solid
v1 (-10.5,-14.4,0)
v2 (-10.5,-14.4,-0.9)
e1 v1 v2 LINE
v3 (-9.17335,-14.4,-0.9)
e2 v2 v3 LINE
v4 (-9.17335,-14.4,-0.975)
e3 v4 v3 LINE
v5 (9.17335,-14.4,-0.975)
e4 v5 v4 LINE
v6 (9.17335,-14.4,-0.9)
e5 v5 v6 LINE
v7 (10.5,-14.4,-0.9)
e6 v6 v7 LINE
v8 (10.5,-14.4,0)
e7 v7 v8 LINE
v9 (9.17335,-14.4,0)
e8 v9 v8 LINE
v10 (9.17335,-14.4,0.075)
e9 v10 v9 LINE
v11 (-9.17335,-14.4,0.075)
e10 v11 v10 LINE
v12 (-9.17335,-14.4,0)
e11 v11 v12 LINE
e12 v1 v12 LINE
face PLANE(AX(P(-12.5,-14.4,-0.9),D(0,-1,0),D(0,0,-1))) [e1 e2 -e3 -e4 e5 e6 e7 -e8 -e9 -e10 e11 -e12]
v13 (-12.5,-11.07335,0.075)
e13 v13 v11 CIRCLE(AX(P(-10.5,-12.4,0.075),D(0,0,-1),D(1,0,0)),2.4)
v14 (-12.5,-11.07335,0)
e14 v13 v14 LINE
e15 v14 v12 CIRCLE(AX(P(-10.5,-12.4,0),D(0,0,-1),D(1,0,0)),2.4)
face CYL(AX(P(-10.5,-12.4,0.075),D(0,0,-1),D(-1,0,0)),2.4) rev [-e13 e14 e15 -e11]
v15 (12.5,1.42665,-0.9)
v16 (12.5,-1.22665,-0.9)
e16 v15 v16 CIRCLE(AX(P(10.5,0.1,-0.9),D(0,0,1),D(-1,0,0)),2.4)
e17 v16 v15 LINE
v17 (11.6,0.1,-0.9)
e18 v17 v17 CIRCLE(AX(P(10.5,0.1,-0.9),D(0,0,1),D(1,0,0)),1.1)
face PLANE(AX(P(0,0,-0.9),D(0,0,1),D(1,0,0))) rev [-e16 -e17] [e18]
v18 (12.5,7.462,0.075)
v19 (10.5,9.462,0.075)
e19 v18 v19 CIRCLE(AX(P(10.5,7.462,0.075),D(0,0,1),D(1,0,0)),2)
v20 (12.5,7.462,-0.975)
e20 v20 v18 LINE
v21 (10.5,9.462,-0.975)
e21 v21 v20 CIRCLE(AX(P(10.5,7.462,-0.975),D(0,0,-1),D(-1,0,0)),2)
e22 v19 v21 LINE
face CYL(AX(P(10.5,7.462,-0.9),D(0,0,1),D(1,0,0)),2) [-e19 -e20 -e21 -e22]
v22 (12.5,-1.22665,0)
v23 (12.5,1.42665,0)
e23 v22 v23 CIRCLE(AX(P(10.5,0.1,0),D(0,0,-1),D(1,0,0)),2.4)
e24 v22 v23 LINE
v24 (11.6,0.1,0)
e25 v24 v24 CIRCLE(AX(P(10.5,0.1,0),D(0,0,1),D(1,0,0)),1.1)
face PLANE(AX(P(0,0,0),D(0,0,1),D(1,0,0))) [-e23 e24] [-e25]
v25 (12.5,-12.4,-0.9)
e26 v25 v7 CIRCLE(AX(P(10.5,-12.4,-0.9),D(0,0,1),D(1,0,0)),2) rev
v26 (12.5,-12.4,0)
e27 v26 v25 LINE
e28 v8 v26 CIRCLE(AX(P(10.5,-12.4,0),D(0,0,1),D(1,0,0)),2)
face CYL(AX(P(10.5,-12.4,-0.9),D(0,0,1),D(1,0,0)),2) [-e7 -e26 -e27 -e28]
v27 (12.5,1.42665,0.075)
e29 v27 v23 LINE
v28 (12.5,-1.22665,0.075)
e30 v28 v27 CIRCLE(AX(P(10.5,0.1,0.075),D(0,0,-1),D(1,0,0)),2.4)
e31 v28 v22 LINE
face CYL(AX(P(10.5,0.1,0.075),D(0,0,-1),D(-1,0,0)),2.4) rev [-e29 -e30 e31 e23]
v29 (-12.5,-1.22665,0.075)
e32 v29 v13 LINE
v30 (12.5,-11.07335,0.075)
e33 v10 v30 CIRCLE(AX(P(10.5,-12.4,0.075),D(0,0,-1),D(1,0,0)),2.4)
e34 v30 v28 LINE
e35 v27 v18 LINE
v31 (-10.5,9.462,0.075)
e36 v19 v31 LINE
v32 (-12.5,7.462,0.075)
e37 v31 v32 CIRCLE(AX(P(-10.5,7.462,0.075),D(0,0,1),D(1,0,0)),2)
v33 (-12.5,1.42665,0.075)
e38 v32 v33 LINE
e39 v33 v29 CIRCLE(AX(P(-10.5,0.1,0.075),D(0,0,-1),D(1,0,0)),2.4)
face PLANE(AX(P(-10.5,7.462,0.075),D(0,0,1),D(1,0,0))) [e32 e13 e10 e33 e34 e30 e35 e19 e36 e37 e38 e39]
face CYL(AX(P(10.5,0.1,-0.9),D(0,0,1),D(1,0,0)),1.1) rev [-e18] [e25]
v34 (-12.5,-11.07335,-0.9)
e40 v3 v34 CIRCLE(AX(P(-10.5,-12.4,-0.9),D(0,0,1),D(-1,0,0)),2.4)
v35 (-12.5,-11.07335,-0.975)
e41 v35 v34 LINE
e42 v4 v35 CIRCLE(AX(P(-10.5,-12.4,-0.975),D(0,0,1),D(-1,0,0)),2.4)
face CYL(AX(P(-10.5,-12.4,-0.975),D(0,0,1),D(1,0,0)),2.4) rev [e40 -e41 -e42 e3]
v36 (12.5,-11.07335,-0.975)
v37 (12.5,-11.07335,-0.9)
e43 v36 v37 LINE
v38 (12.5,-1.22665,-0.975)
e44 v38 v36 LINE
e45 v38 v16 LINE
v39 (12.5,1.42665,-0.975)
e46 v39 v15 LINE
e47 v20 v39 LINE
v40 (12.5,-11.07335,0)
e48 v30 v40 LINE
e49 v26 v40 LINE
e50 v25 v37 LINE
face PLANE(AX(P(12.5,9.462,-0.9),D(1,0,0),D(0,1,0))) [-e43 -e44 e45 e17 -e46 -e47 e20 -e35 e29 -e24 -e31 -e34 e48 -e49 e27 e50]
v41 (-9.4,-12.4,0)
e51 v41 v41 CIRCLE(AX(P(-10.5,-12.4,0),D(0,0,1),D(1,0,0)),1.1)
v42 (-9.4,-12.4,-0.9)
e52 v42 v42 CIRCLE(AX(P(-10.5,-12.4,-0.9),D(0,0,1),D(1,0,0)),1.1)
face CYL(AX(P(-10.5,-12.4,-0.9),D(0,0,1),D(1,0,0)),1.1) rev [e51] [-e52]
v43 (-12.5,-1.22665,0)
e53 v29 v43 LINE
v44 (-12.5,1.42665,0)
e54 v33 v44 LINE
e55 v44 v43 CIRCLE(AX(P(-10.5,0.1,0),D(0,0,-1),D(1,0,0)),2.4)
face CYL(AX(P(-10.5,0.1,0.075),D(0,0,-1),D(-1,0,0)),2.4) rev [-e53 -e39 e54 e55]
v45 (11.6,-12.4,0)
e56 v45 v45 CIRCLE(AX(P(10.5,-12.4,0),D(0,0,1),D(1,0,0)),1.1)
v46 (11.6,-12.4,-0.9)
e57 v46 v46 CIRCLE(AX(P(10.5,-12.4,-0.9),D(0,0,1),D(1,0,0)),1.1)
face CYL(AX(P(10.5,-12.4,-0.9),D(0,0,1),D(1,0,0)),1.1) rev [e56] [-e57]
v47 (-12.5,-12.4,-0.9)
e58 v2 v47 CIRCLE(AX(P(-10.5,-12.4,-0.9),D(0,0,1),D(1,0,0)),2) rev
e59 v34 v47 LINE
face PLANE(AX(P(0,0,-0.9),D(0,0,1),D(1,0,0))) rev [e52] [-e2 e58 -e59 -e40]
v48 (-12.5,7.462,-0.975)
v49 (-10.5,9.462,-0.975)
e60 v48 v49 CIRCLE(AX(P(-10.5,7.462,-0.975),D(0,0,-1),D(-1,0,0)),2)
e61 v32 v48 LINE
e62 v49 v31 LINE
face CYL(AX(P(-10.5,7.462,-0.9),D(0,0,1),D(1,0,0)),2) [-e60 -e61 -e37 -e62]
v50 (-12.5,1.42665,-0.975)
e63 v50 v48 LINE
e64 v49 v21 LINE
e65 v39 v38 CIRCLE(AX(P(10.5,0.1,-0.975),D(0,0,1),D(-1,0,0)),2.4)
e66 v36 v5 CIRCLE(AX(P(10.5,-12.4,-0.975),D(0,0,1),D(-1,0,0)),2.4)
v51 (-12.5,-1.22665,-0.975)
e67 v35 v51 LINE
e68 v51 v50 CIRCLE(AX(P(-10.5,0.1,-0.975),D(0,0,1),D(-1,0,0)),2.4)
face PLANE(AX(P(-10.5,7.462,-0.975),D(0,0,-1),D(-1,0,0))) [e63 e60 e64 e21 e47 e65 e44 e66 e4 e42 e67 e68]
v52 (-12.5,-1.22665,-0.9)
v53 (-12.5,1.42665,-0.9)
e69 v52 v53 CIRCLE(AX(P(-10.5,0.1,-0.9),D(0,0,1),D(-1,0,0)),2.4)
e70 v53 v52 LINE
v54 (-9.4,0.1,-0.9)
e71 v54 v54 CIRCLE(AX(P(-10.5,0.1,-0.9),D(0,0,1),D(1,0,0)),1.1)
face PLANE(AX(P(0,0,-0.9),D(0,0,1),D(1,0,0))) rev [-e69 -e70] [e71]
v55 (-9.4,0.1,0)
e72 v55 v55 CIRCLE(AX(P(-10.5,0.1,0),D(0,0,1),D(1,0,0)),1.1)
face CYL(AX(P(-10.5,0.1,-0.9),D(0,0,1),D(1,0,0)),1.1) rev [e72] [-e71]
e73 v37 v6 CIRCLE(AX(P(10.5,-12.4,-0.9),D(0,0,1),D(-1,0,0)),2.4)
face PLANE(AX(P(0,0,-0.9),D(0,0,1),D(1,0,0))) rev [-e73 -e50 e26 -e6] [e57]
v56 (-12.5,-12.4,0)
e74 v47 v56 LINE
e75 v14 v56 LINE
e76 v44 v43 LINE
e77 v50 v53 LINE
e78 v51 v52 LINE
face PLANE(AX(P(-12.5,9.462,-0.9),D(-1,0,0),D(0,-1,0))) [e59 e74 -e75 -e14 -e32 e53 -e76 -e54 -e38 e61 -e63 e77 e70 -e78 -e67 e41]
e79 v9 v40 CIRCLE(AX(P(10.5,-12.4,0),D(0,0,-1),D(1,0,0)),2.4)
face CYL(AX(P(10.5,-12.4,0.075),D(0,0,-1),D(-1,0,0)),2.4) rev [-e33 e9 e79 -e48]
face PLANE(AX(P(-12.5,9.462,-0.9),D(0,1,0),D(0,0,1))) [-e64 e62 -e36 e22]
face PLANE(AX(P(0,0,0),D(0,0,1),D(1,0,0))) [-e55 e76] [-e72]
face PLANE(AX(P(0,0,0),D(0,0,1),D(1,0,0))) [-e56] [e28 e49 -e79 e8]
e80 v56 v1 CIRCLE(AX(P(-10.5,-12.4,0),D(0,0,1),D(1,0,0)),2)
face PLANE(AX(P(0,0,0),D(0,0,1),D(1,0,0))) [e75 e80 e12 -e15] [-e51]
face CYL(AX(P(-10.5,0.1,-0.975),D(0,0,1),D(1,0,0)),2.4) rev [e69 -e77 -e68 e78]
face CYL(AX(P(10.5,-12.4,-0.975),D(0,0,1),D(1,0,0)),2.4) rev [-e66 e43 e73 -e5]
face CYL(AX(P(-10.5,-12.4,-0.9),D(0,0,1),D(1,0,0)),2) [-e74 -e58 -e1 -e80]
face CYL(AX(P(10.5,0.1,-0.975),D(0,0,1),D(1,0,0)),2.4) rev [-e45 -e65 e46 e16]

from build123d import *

# Parameters (mm, degrees)
SKETCH3_W           = 25
SKETCH3_H           = 23.862
BOSS_EXTRUDE1_DEPTH = 0.9
FILLET1_R           = 2
SKETCH4_R           = 1.1
CUT_EXTRUDE1_DEPTH  = 20.089787846
BOSS_EXTRUDE2_DEPTH = 0.075
BOSS_EXTRUDE3_START = 0.075
BOSS_EXTRUDE3_DEPTH = 0.075


with BuildPart() as part:
    # Sketch3 → Boss-Extrude1 (new body)
    with BuildSketch(Plane.XY):
        with Locations((0, -2.469)):
            Rectangle(SKETCH3_W, SKETCH3_H)
    extrude(amount=-BOSS_EXTRUDE1_DEPTH)

    # Fillet1
    fillet1_edges = [part.edges().sort_by_distance(p)[0] for p in [
        (-12.5, 9.462, -0.45),
        (12.5, 9.462, -0.45),
        (12.5, -14.4, -0.45),
        (-12.5, -14.4, -0.45),
    ]]
    fillet(fillet1_edges, radius=FILLET1_R)

    # Sketch4 → Cut-Extrude1 (cut, through all)
    with BuildSketch(Plane.XY):
        with Locations((-10.5, 0.1)):
            Circle(SKETCH4_R)
        with Locations((-10.5, -12.4)):
            Circle(SKETCH4_R)
        with Locations((10.5, -12.4)):
            Circle(SKETCH4_R)
        with Locations((10.5, 0.1)):
            Circle(SKETCH4_R)
    extrude(amount=-CUT_EXTRUDE1_DEPTH, mode=Mode.SUBTRACT)

    # Sketch5 → Boss-Extrude2 (add)
    with BuildSketch(Plane.XY):
        with BuildLine():
            Line((12.5, 1.426649916), (12.5, 7.462))
            ThreePointArc((12.5, 7.462), (11.914213562, 8.876213562), (10.5, 9.462))
            Line((10.5, 9.462), (-10.5, 9.462))
            ThreePointArc((-10.5, 9.462), (-11.914213562, 8.876213562), (-12.5, 7.462))
            Line((-12.5, 7.462), (-12.5, 1.426649916))
            ThreePointArc((-12.5, 1.426649916), (-8.1, 0.1), (-12.5, -1.226649916))
            Line((-12.5, -1.226649916), (-12.5, -11.073350084))
            ThreePointArc((-12.5, -11.073350084), (-8.802943725, -10.702943725), (-9.173350084, -14.4))
            Line((-9.173350084, -14.4), (9.173350084, -14.4))
            ThreePointArc((9.173350084, -14.4), (8.802943725, -10.702943725), (12.5, -11.073350084))
            Line((12.5, -11.073350084), (12.5, -1.226649916))
            ThreePointArc((12.5, -1.226649916), (8.1, 0.1), (12.5, 1.426649916))
        make_face()
    extrude(amount=BOSS_EXTRUDE2_DEPTH)

    # Sketch6 → Boss-Extrude3 (add)
    with BuildSketch(Plane(origin=(0, 0, -0.9), x_dir=(-1, 0, 0), z_dir=(0, 0, -1)).offset(BOSS_EXTRUDE3_START)):
        with BuildLine():
            Line((12.5, 1.426649916), (12.5, 7.462))
            ThreePointArc((12.5, 7.462), (11.914213562, 8.876213562), (10.5, 9.462))
            Line((10.5, 9.462), (-10.5, 9.462))
            ThreePointArc((-10.5, 9.462), (-11.914213562, 8.876213562), (-12.5, 7.462))
            Line((-12.5, 7.462), (-12.5, 1.426649916))
            ThreePointArc((-12.5, 1.426649916), (-8.1, 0.1), (-12.5, -1.226649916))
            Line((-12.5, -1.226649916), (-12.5, -11.073350084))
            ThreePointArc((-12.5, -11.073350084), (-8.802943725, -10.702943725), (-9.173350084, -14.4))
            Line((-9.173350084, -14.4), (9.173350084, -14.4))
            ThreePointArc((9.173350084, -14.4), (8.802943725, -10.702943725), (12.5, -11.073350084))
            Line((12.5, -11.073350084), (12.5, -1.226649916))
            ThreePointArc((12.5, -1.226649916), (8.1, 0.1), (12.5, 1.426649916))
        make_face()
    extrude(amount=-BOSS_EXTRUDE3_DEPTH)


solid = part.part
